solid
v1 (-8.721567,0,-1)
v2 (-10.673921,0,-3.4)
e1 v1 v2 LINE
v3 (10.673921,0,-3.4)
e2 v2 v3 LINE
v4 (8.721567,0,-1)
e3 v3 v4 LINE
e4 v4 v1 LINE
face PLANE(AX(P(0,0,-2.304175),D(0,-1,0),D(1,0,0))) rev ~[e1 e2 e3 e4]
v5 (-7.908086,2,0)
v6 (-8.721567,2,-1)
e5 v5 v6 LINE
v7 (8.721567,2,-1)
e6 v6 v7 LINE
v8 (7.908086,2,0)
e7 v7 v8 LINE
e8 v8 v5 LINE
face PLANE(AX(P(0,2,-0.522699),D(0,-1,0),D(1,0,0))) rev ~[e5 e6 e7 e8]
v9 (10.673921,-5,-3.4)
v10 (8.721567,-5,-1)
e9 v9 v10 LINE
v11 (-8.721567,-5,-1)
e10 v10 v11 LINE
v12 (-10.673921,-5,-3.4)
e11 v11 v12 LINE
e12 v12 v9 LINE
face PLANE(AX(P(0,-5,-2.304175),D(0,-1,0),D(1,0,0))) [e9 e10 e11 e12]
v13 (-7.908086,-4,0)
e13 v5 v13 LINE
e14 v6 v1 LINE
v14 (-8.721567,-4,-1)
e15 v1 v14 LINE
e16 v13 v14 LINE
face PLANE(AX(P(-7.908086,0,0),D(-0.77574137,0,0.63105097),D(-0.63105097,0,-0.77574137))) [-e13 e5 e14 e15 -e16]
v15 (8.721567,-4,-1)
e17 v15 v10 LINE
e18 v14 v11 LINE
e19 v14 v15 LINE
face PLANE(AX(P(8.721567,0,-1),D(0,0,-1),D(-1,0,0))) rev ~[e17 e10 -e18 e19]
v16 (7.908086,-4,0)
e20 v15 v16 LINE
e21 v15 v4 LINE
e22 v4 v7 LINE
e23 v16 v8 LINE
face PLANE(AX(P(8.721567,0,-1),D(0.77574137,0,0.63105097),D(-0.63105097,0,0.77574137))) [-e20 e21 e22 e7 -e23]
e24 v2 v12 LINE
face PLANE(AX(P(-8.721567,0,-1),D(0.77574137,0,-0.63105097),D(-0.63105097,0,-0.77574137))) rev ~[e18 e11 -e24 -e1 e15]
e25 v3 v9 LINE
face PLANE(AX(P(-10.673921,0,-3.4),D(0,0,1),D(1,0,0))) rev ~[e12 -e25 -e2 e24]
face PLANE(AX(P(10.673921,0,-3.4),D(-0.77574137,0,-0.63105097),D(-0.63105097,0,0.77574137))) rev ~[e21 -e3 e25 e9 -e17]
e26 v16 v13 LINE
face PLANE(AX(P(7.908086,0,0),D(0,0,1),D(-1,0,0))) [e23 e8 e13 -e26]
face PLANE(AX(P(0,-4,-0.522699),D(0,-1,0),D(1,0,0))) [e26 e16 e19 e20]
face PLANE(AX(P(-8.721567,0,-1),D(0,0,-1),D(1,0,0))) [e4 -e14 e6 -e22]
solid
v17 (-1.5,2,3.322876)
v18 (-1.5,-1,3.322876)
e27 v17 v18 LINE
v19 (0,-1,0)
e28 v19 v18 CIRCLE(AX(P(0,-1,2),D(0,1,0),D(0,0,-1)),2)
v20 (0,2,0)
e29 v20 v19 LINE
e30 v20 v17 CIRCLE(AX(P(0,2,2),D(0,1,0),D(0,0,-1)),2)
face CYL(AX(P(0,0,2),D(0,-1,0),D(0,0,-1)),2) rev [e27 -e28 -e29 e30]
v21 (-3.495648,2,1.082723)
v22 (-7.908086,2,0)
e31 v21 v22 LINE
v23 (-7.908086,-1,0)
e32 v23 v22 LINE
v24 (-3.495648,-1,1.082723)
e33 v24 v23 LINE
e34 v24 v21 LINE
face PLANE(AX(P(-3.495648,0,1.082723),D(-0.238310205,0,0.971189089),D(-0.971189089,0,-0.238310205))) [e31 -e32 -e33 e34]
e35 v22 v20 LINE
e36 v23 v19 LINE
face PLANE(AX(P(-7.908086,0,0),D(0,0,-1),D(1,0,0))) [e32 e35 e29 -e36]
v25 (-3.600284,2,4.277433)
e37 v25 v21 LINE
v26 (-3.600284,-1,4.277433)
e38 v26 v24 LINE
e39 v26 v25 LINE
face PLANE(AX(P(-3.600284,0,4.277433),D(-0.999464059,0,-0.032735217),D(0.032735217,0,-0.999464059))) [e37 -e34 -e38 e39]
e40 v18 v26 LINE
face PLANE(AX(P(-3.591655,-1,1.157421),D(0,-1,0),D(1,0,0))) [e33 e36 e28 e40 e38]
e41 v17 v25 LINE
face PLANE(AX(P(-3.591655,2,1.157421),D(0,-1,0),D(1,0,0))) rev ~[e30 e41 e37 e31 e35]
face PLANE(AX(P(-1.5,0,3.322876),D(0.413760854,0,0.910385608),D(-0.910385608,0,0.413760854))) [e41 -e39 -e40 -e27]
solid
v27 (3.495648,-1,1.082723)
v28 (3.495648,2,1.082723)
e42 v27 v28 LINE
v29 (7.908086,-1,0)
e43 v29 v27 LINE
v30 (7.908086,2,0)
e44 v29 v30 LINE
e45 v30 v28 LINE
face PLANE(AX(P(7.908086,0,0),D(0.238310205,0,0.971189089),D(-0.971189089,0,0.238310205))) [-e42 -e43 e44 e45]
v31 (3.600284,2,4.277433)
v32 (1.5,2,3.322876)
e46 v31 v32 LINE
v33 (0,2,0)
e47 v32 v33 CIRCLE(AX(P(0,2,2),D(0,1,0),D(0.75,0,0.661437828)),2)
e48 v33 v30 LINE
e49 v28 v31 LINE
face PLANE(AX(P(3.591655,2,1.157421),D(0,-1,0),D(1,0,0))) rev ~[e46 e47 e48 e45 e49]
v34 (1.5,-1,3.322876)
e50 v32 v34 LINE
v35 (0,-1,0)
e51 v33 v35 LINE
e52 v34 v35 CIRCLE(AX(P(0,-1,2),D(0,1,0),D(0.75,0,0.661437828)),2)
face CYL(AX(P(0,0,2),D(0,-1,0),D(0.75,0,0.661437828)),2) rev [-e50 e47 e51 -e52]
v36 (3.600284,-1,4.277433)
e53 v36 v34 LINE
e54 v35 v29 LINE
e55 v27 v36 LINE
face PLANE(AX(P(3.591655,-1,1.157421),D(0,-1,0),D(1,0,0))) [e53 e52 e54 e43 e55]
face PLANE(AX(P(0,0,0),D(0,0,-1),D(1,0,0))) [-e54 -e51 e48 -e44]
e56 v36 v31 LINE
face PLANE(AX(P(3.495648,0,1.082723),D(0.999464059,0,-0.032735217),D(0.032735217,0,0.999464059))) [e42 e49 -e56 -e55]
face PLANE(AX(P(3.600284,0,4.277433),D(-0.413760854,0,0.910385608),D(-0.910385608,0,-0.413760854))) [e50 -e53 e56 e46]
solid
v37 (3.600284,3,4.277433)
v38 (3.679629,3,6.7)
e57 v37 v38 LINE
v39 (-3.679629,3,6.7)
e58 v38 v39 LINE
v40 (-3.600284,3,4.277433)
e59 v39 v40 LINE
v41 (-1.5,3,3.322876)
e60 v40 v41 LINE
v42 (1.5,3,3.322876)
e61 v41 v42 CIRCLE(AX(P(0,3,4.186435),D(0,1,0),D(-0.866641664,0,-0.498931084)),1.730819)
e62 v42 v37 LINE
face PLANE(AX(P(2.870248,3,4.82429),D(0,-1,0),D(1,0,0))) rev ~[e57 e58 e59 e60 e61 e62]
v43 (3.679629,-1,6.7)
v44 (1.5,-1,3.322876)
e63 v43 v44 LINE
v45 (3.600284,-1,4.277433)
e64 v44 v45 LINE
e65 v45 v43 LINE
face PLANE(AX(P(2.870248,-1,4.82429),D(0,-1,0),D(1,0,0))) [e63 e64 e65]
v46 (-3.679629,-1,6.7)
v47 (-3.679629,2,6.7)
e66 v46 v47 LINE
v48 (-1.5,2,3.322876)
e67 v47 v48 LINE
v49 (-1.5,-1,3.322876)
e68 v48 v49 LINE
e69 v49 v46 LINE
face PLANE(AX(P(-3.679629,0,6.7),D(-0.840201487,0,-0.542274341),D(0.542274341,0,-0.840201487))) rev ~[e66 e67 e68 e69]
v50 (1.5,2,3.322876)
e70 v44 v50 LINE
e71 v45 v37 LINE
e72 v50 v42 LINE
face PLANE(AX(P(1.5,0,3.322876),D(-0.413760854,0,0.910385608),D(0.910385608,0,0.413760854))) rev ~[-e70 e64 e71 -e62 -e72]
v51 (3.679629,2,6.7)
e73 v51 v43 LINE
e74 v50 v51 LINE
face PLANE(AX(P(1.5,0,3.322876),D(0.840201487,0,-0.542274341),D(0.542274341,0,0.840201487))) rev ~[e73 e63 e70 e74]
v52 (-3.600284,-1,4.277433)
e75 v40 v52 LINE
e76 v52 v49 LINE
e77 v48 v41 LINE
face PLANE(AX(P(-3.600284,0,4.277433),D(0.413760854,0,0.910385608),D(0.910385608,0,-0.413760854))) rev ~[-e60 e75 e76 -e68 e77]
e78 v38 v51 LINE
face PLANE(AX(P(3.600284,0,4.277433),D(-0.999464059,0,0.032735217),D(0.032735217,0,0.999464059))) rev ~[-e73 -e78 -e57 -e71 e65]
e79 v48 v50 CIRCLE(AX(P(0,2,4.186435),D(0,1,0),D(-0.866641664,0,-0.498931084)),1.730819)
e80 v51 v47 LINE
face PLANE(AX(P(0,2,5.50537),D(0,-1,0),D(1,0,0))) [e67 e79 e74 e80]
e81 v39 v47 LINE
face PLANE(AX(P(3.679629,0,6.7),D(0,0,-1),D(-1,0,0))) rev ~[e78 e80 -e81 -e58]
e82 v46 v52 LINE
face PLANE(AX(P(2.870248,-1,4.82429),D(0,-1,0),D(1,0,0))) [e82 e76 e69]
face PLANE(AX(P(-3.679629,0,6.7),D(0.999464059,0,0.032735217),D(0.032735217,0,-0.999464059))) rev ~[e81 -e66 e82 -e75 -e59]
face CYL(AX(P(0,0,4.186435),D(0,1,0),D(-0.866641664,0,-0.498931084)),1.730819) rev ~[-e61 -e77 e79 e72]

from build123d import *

# Parameters (mm, degrees)
F1_DEPTH      = 4
F1_DEPTH_BACK = 2
F2_DEPTH      = 3
F2_DEPTH_BACK = 1
F3_DEPTH      = 5
F4_DEPTH      = 1
F4_DEPTH_BACK = 2
F5_DEPTH      = 2
F5_DEPTH_BACK = 2


with BuildPart() as f1:
    # F0 (on Front) → F1 (new body, two sides)
    with BuildSketch(Plane.XZ) as f1_sk:
        Polygon((7.9080856242, 0), (0, 0), (-7.9080856242, 0), (-8.721566759, -1), (8.721566759, -1), align=None)
    extrude(amount=F1_DEPTH)
    extrude(f1_sk.sketch, amount=-F1_DEPTH_BACK)

    # F0 (on Front) → F3 (join)
    with BuildSketch(Plane.XZ):
        Polygon((8.721566759, -1), (-8.721566759, -1), (-10.6739214827, -3.4), (0, -3.4), (10.6739214827, -3.4), align=None)
    extrude(amount=F3_DEPTH)


with BuildPart() as f2:
    # F0 (on Front) → F2 (new body, two sides)
    with BuildSketch(Plane.XZ) as f2_sk:
        Polygon((3.6002836309, 4.277432868), (3.6796294153, 6.7), (1.5, 3.3228756555), align=None)
        Polygon((-3.6002836309, 4.277432868), (-1.5, 3.3228756555), (-3.6796294153, 6.7), align=None)
        with BuildLine():
            Line((1.5, 3.3228756555), (3.6796294153, 6.7))
            Line((3.6796294153, 6.7), (0, 6.7))
            Line((0, 6.7), (-3.6796294153, 6.7))
            Line((-3.6796294153, 6.7), (-1.5, 3.3228756555))
            ThreePointArc((-1.5, 3.3228756555), (0, 5.9172543008), (1.5, 3.3228756555))
        make_face()
    extrude(amount=-F2_DEPTH)
    extrude(f2_sk.sketch, amount=F2_DEPTH_BACK)

    # F0 (on Front) → F5 (cut, two sides)
    with BuildSketch(Plane.XZ) as f5_sk:
        with BuildLine():
            Line((1.5, 3.3228756555), (3.6796294153, 6.7))
            Line((3.6796294153, 6.7), (0, 6.7))
            Line((0, 6.7), (-3.6796294153, 6.7))
            Line((-3.6796294153, 6.7), (-1.5, 3.3228756555))
            ThreePointArc((-1.5, 3.3228756555), (0, 5.9172543008), (1.5, 3.3228756555))
        make_face()
    extrude(amount=-F5_DEPTH, mode=Mode.SUBTRACT)
    extrude(f5_sk.sketch, amount=F5_DEPTH_BACK, mode=Mode.SUBTRACT)


with BuildPart() as f4:
    # F0 (on Front) → F4 (new body, two sides)
    with BuildSketch(Plane.XZ) as f4_sk:
        with BuildLine():
            Line((-7.9080856242, 0), (0, 0))
            ThreePointArc((0, 0), (-1.8228756555, 1.1771243445), (-1.5, 3.3228756555))
            Line((-1.5, 3.3228756555), (-3.6002836309, 4.277432868))
            Line((-3.6002836309, 4.277432868), (-3.4956480376, 1.0827231454))
            Line((-3.4956480376, 1.0827231454), (-7.9080856242, 0))
        make_face()
    extrude(amount=F4_DEPTH)
    extrude(f4_sk.sketch, amount=-F4_DEPTH_BACK)


with BuildPart() as f4b:
    # F0 (on Front) → F4, piece 2 (new body, two sides)
    with BuildSketch(Plane.XZ) as f4_2_sk:
        with BuildLine():
            Line((3.6002836309, 4.277432868), (1.5, 3.3228756555))
            ThreePointArc((1.5, 3.3228756555), (1.8228756555, 1.1771243445), (0, 0))
            Line((0, 0), (7.9080856242, 0))
            Line((7.9080856242, 0), (3.4956480376, 1.0827231454))
            Line((3.4956480376, 1.0827231454), (3.6002836309, 4.277432868))
        make_face()
    extrude(amount=F4_DEPTH)
    extrude(f4_2_sk.sketch, amount=-F4_DEPTH_BACK)


solid = Compound([f1.part, f2.part, f4.part, f4b.part])
